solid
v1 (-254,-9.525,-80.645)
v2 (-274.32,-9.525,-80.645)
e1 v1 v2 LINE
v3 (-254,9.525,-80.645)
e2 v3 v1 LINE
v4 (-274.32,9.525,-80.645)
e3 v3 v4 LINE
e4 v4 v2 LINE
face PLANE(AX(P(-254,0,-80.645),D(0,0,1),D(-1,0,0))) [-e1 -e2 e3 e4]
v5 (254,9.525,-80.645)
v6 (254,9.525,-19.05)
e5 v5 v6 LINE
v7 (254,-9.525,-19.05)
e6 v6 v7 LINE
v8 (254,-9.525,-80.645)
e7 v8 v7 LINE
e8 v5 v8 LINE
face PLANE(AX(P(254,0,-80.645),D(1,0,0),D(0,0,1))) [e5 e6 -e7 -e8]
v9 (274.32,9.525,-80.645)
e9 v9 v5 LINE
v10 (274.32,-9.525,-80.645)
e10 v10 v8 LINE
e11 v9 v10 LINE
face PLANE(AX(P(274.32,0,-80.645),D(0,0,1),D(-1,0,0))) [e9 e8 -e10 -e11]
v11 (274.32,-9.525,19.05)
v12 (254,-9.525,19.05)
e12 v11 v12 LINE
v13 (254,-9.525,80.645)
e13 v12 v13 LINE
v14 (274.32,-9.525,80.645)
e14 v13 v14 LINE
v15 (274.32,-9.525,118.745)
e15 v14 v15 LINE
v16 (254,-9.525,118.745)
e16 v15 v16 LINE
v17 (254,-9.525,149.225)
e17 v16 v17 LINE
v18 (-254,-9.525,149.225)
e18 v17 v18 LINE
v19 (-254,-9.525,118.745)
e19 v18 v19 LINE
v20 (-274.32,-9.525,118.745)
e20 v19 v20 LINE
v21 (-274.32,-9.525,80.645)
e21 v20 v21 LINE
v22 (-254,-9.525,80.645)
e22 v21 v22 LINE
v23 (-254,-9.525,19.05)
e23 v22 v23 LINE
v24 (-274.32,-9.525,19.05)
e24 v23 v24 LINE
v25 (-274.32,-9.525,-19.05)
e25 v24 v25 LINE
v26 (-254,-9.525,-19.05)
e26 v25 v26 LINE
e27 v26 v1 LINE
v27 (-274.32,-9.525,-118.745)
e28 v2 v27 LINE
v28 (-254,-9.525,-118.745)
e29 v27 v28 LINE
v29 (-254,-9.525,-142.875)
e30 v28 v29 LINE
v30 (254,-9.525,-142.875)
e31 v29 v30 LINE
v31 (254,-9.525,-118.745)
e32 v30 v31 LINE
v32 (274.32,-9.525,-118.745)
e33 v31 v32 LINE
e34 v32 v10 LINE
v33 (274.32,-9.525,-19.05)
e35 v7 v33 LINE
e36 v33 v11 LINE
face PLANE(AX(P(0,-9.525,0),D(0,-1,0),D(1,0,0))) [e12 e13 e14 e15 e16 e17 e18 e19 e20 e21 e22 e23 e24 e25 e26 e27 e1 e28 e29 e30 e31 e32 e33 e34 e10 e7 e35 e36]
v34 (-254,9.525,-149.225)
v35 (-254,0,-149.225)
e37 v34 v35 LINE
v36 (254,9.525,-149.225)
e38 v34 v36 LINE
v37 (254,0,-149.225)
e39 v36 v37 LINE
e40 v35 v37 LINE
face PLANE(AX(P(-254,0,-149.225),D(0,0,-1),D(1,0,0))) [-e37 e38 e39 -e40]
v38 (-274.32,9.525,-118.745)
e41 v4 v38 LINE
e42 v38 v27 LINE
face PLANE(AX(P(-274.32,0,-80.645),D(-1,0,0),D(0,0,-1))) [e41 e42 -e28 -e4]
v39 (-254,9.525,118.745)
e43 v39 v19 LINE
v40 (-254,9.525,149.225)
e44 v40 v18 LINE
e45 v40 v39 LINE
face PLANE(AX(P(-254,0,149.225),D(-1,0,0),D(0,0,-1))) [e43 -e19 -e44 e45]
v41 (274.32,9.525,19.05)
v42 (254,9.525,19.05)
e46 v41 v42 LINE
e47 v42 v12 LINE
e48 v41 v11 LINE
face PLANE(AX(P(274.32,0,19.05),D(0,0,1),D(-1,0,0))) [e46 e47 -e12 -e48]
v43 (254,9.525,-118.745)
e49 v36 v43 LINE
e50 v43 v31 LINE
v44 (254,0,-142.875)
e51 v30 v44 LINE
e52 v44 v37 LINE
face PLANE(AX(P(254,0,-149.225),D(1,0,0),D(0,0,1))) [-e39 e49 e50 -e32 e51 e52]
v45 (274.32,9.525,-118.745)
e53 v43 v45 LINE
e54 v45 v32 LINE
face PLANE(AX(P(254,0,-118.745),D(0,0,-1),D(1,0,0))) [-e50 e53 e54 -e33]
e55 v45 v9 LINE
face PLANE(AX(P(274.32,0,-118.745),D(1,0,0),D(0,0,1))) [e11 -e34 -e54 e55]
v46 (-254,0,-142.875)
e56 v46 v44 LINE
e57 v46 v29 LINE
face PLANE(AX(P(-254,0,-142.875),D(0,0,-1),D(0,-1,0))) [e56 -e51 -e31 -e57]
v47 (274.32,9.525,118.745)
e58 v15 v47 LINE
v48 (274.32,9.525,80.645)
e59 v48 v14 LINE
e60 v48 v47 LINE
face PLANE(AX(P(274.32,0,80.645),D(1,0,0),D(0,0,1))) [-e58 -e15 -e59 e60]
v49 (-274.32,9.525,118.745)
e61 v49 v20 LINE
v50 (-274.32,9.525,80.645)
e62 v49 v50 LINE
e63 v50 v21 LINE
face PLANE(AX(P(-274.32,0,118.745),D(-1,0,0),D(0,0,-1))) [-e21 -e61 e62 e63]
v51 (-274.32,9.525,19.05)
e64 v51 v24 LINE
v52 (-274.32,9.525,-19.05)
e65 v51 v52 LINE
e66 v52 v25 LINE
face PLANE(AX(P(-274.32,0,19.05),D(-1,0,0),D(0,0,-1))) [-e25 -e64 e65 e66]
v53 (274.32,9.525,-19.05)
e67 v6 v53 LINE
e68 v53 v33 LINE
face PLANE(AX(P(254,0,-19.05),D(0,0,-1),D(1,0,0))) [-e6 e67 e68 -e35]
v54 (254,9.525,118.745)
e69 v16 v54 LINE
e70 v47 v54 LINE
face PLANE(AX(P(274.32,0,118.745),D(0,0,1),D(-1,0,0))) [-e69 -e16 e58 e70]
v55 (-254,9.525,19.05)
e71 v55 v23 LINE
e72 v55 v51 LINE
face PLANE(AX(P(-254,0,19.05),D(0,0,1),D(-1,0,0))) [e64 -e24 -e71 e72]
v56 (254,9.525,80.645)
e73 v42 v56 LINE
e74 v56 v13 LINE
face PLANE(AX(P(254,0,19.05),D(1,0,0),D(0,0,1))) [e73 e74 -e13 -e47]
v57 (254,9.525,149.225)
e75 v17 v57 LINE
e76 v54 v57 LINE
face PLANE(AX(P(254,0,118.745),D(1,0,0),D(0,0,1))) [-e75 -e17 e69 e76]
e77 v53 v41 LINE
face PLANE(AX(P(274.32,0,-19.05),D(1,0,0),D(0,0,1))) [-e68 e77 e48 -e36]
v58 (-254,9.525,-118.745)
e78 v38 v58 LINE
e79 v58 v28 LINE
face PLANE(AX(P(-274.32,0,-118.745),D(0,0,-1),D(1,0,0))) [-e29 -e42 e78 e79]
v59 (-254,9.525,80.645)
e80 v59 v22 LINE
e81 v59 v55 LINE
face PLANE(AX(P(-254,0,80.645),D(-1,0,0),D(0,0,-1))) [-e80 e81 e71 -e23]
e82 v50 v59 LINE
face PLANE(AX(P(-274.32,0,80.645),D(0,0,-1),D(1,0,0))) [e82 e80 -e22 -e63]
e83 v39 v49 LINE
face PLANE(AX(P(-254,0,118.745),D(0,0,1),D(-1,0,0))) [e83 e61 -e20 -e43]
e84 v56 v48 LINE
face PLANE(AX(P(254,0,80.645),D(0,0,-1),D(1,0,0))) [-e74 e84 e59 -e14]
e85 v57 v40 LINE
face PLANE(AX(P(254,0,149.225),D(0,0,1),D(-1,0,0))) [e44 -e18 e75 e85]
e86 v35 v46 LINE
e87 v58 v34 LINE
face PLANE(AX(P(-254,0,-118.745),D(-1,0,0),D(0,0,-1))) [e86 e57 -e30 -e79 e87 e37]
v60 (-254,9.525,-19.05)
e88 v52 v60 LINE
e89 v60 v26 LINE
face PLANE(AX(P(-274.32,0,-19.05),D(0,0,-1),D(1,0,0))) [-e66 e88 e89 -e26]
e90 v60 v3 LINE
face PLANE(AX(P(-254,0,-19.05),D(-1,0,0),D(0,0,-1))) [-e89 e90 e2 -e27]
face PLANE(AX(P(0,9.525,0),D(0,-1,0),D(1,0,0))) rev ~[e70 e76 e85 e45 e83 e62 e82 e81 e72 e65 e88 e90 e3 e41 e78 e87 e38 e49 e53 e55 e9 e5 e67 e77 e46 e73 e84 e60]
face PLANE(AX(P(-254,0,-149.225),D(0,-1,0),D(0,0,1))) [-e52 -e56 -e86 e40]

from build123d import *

# Parameters (mm, degrees)
F1_DEPTH = 9.525
F2_W     = 9.525
F2_H     = 6.35
F3_DEPTH = 528.321


with BuildPart() as f1:
    # F0 (on Front) → F1 (new body, symmetric)
    with BuildSketch(Plane.XZ):
        Polygon((254, 149.225), (-254, 149.225), (-254, 118.745), (-274.32, 118.745), (-274.32, 80.645), (-254, 80.645), (-254, 19.05), (-274.32, 19.05), (-274.32, -19.05), (-254, -19.05), (-254, -80.645), (-274.32, -80.645), (-274.32, -118.745), (-254, -118.745), (-254, -149.225), (254, -149.225), (254, -118.745), (274.32, -118.745), (274.32, -80.645), (254, -80.645), (254, -19.05), (274.32, -19.05), (274.32, 19.05), (254, 19.05), (254, 80.645), (274.32, 80.645), (274.32, 118.745), (254, 118.745), align=None)
    extrude(amount=F1_DEPTH, both=True)

    # F2 (on face) → F3 (cut, through all)
    with BuildSketch(Plane(origin=(-254, 0, 0), x_dir=(0, -1, 0), z_dir=(-1, 0, 0))):
        with Locations((4.7625, -146.05)):
            Rectangle(F2_W, F2_H)
    extrude(amount=-F3_DEPTH, mode=Mode.SUBTRACT)


solid = f1.part
